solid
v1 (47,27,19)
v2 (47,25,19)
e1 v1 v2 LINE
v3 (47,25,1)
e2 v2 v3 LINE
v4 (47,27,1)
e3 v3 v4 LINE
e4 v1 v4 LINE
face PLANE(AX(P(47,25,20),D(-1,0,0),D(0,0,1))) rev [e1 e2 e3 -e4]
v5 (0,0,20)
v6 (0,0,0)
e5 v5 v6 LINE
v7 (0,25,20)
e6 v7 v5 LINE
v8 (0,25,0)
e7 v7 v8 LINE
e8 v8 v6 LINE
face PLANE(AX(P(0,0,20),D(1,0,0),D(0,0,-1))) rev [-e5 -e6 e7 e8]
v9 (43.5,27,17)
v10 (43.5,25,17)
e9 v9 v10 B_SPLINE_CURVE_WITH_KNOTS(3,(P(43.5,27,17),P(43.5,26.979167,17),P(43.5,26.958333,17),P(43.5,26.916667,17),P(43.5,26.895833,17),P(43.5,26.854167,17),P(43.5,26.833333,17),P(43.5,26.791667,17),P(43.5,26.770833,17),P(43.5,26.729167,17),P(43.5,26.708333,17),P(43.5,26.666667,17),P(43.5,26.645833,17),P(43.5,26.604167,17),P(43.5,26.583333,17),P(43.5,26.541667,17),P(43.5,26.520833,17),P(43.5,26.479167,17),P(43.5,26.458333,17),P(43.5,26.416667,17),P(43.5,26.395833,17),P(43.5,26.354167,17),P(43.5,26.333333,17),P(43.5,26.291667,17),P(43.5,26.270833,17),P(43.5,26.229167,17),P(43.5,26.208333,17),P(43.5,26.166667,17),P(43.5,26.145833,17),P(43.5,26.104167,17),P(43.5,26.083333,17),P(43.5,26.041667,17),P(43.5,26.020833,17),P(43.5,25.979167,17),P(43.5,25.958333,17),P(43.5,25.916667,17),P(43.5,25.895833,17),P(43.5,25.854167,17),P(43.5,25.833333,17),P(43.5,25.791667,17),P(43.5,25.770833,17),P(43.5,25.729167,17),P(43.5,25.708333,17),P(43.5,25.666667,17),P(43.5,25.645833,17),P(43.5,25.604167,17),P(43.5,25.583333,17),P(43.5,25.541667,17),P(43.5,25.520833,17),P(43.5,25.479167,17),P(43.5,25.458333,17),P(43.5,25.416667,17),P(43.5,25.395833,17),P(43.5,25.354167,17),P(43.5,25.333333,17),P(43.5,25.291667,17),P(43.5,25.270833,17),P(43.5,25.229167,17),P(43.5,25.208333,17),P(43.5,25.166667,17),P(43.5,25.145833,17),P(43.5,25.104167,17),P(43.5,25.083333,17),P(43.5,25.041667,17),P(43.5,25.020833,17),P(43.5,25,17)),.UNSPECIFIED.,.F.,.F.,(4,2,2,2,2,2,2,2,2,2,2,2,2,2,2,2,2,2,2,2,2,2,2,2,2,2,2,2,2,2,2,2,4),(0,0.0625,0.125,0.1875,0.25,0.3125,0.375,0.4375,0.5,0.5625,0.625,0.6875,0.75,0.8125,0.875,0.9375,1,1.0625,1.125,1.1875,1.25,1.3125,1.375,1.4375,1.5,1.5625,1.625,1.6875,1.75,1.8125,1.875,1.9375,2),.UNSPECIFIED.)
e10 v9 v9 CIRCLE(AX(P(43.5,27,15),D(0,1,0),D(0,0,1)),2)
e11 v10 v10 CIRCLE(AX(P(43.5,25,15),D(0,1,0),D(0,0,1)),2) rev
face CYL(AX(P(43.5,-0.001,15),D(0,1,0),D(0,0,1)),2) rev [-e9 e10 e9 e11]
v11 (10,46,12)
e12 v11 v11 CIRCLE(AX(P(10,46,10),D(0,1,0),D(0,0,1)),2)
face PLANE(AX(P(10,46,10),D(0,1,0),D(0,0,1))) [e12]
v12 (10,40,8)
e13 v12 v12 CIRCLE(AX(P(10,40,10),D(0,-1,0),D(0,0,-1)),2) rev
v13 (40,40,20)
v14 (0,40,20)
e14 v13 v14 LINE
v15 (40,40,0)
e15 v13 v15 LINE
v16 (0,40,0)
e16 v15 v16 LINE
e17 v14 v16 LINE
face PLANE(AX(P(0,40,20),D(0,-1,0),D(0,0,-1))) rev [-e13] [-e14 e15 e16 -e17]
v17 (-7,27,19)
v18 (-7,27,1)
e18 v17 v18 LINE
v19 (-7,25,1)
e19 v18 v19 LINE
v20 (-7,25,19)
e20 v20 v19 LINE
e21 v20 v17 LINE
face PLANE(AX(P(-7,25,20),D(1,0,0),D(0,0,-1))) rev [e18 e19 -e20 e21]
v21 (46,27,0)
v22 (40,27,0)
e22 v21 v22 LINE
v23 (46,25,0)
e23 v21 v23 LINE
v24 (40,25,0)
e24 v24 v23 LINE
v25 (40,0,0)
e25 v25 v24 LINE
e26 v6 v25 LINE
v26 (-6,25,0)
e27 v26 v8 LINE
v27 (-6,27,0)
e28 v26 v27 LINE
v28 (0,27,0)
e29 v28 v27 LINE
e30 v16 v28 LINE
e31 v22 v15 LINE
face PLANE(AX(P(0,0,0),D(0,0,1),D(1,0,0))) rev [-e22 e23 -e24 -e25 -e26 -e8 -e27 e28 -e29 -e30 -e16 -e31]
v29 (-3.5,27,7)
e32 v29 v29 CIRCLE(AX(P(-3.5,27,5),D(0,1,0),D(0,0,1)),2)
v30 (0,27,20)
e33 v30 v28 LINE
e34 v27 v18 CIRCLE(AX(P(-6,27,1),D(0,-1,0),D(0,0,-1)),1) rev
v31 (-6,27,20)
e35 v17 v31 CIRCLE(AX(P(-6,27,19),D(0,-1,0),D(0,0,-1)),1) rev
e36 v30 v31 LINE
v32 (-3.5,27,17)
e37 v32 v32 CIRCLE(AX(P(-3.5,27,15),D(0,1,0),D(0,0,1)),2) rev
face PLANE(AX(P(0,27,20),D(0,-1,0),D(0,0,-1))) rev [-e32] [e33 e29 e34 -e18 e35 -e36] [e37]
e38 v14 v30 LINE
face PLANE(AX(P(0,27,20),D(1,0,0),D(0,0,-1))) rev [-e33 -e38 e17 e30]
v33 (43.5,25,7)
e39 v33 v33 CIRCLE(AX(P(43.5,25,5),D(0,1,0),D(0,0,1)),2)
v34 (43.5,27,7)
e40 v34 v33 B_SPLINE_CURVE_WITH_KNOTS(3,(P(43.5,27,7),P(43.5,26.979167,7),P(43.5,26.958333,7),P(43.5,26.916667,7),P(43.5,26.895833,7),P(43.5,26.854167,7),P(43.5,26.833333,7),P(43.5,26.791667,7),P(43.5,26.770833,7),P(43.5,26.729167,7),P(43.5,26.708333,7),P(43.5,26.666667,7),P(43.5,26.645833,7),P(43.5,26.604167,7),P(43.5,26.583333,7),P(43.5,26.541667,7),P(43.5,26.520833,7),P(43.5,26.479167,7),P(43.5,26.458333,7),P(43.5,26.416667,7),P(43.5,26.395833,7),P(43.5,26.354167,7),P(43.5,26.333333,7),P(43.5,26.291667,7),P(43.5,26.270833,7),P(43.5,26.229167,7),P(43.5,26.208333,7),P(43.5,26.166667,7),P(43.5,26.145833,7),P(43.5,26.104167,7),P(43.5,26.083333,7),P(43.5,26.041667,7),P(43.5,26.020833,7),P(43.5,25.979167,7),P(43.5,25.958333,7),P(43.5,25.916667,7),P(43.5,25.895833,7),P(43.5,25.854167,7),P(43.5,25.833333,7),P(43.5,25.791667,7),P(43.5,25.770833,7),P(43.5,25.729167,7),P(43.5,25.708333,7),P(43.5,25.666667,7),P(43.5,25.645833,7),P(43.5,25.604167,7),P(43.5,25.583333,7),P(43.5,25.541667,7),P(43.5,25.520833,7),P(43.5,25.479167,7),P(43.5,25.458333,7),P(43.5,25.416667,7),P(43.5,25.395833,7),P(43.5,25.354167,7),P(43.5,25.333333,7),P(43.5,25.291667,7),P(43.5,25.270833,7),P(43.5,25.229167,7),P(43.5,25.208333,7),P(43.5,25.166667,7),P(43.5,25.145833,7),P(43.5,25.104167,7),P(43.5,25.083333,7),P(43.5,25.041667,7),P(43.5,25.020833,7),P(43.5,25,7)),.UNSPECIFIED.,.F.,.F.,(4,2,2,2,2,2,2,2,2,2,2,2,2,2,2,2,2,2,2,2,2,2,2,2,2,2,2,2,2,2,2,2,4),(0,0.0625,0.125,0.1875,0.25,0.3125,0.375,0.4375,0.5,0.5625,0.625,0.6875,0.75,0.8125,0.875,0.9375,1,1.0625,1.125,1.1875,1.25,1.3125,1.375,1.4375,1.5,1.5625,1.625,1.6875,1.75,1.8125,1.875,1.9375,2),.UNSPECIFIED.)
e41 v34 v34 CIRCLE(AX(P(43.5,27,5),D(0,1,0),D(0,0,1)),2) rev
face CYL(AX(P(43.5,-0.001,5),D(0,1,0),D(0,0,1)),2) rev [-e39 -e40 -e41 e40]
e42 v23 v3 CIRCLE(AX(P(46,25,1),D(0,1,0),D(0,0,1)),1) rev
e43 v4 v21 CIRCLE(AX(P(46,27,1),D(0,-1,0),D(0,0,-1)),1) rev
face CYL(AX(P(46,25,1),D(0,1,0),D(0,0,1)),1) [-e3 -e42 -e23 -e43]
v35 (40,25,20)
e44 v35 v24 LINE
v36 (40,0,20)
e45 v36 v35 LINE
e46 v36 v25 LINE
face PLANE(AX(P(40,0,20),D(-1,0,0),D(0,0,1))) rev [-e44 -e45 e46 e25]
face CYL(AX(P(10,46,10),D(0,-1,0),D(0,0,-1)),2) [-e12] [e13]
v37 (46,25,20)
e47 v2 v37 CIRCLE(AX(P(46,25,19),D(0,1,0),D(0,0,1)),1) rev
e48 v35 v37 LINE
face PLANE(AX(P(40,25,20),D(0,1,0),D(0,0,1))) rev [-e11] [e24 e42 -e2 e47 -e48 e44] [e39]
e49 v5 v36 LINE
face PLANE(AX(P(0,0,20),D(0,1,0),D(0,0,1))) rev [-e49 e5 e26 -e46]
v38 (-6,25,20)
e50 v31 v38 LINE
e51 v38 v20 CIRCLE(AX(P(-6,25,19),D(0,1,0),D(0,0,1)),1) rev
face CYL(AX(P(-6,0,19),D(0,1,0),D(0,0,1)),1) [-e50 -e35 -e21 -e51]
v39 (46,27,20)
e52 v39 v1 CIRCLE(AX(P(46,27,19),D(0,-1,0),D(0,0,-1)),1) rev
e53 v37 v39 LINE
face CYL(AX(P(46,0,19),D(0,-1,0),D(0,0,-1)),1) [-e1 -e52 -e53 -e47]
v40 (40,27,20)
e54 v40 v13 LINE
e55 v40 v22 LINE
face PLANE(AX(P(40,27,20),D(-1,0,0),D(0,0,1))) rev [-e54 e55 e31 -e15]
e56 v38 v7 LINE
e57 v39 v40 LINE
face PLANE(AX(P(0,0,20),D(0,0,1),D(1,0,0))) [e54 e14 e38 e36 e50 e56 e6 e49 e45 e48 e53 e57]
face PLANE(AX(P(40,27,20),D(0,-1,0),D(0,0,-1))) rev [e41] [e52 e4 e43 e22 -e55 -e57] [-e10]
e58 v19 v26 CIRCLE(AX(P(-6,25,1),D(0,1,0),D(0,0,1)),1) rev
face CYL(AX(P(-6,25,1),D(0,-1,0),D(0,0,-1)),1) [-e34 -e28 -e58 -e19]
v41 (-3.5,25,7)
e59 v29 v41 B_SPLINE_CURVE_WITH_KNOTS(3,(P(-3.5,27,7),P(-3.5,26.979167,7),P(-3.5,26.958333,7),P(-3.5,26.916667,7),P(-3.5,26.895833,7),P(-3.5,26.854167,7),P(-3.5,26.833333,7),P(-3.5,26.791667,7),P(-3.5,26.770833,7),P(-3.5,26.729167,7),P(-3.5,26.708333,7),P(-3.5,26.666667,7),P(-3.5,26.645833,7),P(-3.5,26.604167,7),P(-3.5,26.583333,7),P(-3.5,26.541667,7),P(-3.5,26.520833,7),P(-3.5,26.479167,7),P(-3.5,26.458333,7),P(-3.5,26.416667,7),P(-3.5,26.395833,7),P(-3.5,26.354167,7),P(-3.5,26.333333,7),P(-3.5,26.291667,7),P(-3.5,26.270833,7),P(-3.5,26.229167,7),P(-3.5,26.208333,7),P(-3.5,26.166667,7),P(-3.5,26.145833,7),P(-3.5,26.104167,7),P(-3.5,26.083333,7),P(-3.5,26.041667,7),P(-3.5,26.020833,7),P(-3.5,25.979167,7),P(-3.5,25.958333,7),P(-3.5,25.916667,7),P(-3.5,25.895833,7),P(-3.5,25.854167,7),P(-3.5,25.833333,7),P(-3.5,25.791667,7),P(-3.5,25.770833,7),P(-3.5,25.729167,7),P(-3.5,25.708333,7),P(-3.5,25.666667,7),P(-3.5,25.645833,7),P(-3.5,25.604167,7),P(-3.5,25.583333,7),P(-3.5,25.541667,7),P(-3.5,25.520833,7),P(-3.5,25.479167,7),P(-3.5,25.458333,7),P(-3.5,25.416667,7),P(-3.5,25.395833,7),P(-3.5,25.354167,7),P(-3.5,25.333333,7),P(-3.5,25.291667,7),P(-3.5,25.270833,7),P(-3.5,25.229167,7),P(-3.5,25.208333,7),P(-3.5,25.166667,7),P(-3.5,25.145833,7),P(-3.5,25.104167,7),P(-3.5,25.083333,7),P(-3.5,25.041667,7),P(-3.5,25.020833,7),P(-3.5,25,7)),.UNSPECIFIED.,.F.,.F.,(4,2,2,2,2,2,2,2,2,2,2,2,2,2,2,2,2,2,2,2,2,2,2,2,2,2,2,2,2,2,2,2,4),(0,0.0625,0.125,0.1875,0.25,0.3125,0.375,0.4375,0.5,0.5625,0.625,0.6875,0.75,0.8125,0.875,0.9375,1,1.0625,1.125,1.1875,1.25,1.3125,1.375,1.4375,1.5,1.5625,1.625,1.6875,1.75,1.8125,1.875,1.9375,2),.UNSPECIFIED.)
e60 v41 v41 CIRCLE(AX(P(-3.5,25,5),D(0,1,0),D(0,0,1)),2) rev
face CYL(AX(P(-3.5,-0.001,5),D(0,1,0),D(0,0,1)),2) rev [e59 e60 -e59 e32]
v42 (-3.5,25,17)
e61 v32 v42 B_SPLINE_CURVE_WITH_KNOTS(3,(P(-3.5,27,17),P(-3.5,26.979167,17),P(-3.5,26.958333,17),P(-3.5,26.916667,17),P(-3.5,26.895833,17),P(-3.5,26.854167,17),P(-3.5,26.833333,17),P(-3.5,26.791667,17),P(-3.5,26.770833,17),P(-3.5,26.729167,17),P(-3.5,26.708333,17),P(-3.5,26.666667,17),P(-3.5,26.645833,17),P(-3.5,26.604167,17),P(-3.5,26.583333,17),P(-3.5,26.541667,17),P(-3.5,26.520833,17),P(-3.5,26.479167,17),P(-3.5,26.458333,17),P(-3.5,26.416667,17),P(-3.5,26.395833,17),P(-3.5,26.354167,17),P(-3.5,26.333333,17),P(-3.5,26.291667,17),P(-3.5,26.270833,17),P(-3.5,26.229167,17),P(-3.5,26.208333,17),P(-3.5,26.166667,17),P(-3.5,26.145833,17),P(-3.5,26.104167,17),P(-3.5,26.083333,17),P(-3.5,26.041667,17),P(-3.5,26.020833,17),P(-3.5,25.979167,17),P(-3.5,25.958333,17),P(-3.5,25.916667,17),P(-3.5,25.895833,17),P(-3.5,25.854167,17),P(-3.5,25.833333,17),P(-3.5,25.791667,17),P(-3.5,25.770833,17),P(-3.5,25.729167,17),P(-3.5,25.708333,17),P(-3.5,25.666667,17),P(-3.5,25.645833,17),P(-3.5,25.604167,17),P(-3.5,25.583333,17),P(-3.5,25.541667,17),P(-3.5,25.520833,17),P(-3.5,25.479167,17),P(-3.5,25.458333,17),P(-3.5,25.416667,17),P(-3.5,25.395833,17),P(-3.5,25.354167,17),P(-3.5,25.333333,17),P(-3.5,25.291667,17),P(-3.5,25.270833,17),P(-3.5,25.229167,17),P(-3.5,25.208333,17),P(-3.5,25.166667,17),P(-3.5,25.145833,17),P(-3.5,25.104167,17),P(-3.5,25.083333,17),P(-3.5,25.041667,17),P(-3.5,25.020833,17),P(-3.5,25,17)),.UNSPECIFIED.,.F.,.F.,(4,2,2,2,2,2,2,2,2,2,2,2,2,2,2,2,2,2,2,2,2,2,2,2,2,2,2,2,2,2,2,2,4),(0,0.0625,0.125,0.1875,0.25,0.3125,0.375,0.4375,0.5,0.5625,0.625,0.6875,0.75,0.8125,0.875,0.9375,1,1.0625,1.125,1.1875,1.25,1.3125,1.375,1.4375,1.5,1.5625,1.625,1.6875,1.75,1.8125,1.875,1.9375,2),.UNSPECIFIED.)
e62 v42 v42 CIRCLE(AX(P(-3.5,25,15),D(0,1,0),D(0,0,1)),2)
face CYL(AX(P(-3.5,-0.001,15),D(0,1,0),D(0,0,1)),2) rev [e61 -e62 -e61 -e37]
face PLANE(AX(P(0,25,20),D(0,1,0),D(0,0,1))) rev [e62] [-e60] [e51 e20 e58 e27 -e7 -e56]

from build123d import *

# Parameters (mm, degrees)
Y_KSEKLIK_EKSTR_ZYON1_DEPTH = 20
RADYUS1_R                   = 1
KES_EKSTR_ZYON1_REACH       = 59.775
IZIM2_R                     = 2
IZIM3_R                     = 2
Y_KSEKLIK_EKSTR_ZYON2_DEPTH = 6


with BuildPart() as part:
    # Çizim1 → Yükseklik-Ekstrüzyon1 (new body)
    with BuildSketch(Plane.XY):
        Polygon((0, 0), (40, 0), (40, 25), (47, 25), (47, 27), (40, 27), (40, 40), (0, 40), (0, 27), (-7, 27), (-7, 25), (0, 25), align=None)
    extrude(amount=Y_KSEKLIK_EKSTR_ZYON1_DEPTH)

    # Radyus1
    radyus1_edges = [part.edges().sort_by_distance(p)[0] for p in [
        (-7, 26, 0),
        (47, 26, 0),
        (47, 26, 20),
        (-7, 26, 20),
    ]]
    fillet(radyus1_edges, radius=RADYUS1_R)

    # Çizim2 → Kes-Ekstrüzyon1 (cut, up to next)
    with BuildSketch(Plane(origin=(0, 27, 0), x_dir=(1, 0, 0), z_dir=(0, 1, 0)), mode=Mode.PRIVATE) as kes_ekstr_zyon1_sk1:
        with Locations(Location((-3.5, -5, 0), (0, 0, 270))):
            Circle(IZIM2_R)
    kes_ekstr_zyon1_tool1 = extrude(kes_ekstr_zyon1_sk1.sketch, amount=-KES_EKSTR_ZYON1_REACH, mode=Mode.PRIVATE) & part.part
    # Çizim2 → Kes-Ekstrüzyon1 (cut, up to next)
    with BuildSketch(Plane(origin=(0, 27, 0), x_dir=(1, 0, 0), z_dir=(0, 1, 0)), mode=Mode.PRIVATE) as kes_ekstr_zyon1_sk2:
        with Locations(Location((-3.5, -15, 0), (0, 0, 270))):
            Circle(IZIM2_R)
    kes_ekstr_zyon1_tool2 = extrude(kes_ekstr_zyon1_sk2.sketch, amount=-KES_EKSTR_ZYON1_REACH, mode=Mode.PRIVATE) & part.part
    # Çizim2 → Kes-Ekstrüzyon1 (cut, up to next)
    with BuildSketch(Plane(origin=(0, 27, 0), x_dir=(1, 0, 0), z_dir=(0, 1, 0)), mode=Mode.PRIVATE) as kes_ekstr_zyon1_sk3:
        with Locations(Location((43.5, -5, 0), (0, 0, 270))):
            Circle(IZIM2_R)
    kes_ekstr_zyon1_tool3 = extrude(kes_ekstr_zyon1_sk3.sketch, amount=-KES_EKSTR_ZYON1_REACH, mode=Mode.PRIVATE) & part.part
    # Çizim2 → Kes-Ekstrüzyon1 (cut, up to next)
    with BuildSketch(Plane(origin=(0, 27, 0), x_dir=(1, 0, 0), z_dir=(0, 1, 0)), mode=Mode.PRIVATE) as kes_ekstr_zyon1_sk4:
        with Locations(Location((43.5, -15, 0), (0, 0, 270))):
            Circle(IZIM2_R)
    kes_ekstr_zyon1_tool4 = extrude(kes_ekstr_zyon1_sk4.sketch, amount=-KES_EKSTR_ZYON1_REACH, mode=Mode.PRIVATE) & part.part
    add(kes_ekstr_zyon1_tool1.solids().sort_by_distance((-3.5, 27, 5))[0], mode=Mode.SUBTRACT)
    add(kes_ekstr_zyon1_tool2.solids().sort_by_distance((-3.5, 27, 15))[0], mode=Mode.SUBTRACT)
    add(kes_ekstr_zyon1_tool3.solids().sort_by_distance((43.5, 27, 5))[0], mode=Mode.SUBTRACT)
    add(kes_ekstr_zyon1_tool4.solids().sort_by_distance((43.5, 27, 15))[0], mode=Mode.SUBTRACT)

    # Çizim3 → Yükseklik-Ekstrüzyon2 (add)
    with BuildSketch(Plane(origin=(0, 40, 0), x_dir=(1, 0, 0), z_dir=(0, 1, 0))):
        with Locations(Location((10, -10, 0), (0, 0, 90))):
            Circle(IZIM3_R)
    extrude(amount=Y_KSEKLIK_EKSTR_ZYON2_DEPTH)


solid = part.part
